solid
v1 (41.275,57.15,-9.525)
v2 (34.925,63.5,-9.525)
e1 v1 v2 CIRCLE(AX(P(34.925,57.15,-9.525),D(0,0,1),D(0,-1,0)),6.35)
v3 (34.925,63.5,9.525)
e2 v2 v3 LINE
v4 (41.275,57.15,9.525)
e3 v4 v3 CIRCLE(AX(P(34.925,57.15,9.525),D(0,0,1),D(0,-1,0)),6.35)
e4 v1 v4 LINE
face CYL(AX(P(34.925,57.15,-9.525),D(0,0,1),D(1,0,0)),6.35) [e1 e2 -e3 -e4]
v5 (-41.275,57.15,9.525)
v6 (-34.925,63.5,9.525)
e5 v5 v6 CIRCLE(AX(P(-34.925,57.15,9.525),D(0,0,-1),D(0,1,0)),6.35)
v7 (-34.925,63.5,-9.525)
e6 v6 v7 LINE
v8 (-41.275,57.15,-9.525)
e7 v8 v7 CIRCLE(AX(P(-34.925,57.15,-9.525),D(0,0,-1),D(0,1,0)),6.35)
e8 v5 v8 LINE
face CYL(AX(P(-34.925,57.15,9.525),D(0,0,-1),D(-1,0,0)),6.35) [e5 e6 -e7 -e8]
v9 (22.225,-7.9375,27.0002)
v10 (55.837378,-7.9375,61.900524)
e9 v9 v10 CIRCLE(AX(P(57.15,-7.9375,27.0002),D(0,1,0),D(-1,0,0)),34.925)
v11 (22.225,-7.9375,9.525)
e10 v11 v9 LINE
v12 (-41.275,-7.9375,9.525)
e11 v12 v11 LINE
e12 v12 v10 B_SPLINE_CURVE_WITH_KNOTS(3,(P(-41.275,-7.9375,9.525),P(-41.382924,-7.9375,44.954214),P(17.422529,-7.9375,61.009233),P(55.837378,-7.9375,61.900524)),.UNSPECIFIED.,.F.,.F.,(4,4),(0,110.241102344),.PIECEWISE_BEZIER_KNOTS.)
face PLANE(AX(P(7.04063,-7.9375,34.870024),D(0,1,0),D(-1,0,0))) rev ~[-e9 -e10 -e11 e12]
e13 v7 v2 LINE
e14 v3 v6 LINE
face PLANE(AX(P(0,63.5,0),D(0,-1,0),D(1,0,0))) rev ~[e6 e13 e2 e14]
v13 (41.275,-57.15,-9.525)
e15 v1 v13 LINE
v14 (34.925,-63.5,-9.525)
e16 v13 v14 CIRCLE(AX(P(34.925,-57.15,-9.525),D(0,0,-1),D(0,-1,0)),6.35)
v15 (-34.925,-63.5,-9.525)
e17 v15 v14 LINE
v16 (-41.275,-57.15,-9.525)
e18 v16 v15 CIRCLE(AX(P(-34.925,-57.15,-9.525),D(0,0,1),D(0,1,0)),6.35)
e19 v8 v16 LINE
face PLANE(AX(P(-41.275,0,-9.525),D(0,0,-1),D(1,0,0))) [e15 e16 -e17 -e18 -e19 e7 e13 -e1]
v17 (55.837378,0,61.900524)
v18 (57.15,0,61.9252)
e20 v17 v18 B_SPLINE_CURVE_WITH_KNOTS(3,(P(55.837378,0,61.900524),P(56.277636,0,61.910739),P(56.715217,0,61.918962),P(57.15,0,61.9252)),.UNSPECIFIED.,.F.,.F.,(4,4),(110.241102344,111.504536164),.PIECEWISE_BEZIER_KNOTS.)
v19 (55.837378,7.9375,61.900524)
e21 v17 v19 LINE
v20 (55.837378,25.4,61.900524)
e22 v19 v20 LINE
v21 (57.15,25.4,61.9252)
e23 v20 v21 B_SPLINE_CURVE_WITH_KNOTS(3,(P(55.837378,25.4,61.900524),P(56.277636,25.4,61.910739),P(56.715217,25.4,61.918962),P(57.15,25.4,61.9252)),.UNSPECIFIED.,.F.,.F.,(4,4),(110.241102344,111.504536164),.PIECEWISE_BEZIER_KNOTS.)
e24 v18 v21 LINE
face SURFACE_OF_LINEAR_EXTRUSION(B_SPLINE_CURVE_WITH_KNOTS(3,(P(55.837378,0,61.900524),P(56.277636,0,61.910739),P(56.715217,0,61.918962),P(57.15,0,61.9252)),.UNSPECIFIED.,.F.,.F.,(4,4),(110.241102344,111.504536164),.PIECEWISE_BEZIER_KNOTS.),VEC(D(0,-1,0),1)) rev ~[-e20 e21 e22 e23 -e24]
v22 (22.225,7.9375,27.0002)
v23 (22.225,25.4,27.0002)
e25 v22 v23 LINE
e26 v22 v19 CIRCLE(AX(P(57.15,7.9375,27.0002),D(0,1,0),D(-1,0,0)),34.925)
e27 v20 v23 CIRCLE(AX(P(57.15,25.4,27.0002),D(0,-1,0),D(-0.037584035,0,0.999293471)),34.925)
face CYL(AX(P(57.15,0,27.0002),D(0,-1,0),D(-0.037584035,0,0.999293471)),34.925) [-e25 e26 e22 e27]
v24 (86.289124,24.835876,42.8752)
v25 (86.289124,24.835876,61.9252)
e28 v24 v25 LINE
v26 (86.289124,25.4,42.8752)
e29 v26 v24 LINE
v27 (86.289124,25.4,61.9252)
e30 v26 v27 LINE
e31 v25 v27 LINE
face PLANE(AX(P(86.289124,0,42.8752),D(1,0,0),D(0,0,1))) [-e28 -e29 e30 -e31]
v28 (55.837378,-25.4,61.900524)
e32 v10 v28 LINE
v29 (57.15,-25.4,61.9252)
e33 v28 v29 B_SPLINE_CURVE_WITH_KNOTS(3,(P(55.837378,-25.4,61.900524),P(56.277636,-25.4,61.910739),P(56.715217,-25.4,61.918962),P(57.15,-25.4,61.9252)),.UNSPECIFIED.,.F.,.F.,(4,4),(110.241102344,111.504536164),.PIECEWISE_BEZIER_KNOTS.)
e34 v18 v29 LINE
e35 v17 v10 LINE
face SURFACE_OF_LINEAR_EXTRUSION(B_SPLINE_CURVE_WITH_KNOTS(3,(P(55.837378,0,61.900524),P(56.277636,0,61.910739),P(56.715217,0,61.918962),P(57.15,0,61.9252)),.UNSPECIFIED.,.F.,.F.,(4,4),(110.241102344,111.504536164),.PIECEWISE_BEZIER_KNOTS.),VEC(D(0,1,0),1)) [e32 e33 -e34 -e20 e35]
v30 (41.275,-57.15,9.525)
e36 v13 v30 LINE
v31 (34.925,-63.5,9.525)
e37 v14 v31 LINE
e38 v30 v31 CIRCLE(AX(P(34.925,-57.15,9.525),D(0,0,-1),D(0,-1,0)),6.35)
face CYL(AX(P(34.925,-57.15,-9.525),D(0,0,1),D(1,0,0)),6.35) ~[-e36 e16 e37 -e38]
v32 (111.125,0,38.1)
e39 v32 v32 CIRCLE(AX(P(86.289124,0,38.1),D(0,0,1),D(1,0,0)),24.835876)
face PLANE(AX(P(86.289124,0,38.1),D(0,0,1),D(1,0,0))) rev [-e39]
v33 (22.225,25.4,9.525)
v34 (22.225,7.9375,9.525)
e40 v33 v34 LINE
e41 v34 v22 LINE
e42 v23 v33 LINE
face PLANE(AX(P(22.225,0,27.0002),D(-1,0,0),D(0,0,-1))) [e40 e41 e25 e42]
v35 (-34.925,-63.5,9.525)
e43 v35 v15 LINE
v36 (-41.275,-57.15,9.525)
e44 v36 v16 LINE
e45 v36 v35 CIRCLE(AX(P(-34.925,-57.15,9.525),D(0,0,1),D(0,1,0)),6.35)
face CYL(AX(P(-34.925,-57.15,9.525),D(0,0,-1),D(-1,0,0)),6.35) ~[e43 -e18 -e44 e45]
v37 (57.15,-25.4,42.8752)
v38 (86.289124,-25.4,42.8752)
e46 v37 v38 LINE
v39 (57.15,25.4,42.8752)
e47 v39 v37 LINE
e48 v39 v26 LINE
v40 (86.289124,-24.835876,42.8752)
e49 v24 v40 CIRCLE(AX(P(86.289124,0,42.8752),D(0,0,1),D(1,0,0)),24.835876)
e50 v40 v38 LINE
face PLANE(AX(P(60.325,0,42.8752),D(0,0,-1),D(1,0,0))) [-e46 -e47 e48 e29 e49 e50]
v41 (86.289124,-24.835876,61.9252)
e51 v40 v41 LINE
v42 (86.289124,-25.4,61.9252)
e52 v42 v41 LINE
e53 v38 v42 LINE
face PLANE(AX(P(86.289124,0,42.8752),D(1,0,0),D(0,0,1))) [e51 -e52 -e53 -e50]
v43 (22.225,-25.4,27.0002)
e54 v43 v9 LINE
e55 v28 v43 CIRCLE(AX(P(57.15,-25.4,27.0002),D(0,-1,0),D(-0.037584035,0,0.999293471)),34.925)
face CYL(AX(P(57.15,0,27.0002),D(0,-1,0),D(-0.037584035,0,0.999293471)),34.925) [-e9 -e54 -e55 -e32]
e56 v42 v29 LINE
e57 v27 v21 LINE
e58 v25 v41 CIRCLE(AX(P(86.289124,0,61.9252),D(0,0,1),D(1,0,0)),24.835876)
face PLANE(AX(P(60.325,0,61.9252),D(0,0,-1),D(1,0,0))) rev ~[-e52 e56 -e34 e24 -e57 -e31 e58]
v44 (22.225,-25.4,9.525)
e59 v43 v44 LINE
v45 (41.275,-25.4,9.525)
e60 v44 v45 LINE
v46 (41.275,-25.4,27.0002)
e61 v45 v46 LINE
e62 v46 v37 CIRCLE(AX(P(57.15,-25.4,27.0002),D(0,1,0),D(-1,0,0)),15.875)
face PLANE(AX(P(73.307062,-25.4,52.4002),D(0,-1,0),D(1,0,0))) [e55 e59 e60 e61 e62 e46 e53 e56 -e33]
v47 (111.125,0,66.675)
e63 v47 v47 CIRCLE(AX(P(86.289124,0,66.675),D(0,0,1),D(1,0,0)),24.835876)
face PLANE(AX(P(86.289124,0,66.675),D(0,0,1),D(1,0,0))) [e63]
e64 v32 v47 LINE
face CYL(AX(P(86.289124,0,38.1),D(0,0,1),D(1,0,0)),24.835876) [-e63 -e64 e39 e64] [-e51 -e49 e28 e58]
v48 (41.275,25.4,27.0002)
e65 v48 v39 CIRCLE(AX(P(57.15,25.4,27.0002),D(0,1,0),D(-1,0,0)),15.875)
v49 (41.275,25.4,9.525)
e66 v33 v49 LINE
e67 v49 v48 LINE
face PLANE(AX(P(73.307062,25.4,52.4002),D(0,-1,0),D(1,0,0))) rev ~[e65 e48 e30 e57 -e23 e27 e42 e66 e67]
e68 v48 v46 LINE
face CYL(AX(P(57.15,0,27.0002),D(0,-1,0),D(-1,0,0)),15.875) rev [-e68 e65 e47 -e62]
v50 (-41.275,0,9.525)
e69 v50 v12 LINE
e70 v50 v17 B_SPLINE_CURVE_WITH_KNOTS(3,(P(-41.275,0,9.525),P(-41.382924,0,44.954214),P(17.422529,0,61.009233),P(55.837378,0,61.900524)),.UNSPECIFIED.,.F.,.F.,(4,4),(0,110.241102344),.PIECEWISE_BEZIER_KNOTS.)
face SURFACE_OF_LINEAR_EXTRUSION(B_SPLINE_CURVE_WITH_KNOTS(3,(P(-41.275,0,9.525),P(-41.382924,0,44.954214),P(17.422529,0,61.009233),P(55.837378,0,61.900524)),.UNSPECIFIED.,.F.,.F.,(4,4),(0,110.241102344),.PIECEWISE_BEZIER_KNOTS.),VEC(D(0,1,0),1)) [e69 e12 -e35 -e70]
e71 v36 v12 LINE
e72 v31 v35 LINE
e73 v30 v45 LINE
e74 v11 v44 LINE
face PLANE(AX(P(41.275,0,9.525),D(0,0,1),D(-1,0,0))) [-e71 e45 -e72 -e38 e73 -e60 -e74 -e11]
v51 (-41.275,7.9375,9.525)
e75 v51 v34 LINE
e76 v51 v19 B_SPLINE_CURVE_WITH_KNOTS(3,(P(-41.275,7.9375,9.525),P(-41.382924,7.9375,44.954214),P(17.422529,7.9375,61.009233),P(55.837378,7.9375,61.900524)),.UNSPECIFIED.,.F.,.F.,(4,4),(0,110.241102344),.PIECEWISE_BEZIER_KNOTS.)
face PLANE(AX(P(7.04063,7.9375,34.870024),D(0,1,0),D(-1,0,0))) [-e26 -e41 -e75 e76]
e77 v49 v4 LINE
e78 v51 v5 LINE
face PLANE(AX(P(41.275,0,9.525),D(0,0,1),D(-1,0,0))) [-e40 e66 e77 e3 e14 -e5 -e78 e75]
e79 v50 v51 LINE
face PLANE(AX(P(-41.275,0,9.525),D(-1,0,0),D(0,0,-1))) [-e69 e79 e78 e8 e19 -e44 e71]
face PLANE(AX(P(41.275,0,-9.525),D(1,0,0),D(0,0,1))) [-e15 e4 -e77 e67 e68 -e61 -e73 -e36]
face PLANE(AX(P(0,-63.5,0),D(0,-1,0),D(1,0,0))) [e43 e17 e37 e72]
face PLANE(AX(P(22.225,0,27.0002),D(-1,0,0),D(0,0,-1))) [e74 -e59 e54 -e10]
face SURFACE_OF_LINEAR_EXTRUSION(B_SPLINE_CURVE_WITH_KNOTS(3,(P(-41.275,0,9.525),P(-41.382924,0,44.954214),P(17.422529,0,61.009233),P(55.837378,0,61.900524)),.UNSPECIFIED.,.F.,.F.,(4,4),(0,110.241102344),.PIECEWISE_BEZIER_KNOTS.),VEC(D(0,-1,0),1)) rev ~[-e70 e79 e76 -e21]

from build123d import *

# Parameters (mm, degrees)
F1_DEPTH = 63.5
F2_DEPTH = 25.4
F3_DEPTH = 7.9375
F0_W     = 25.9641238877
F0_H     = 19.05
F4_DEPTH = 25.4
F6_R     = 6.35


with BuildPart() as f1:
    # F0 (on Front) → F1 (new body, symmetric)
    with BuildSketch(Plane.XZ):
        Polygon((22.225, 9.525), (-41.275, 9.525), (-41.275, -9.525), (41.275, -9.525), (41.275, 9.525), align=None)
    extrude(amount=F1_DEPTH, both=True)

    # F0 (on Front) → F2 (join, symmetric)
    with BuildSketch(Plane.XZ):
        with BuildLine():
            Line((22.225, 27.0002), (22.225, 9.525))
            Line((22.225, 9.525), (41.275, 9.525))
            Line((41.275, 9.525), (41.275, 27.0002))
            ThreePointArc((41.275, 27.0002), (45.9246798487, 38.2255201513), (57.15, 42.8752))
            Line((57.15, 42.8752), (60.325, 42.8752))
            Line((60.325, 42.8752), (60.325, 61.9252))
            Line((60.325, 61.9252), (57.15, 61.9252))
            add(Edge.make_bspline(
                [(55.8373775892, 61.9005244599), (56.2776364161, 61.9107392271), (56.7152170121, 61.9189622944), (57.15, 61.9252)],
                knots=[110.241102344, 110.241102344, 110.241102344, 110.241102344, 111.5045361635, 111.5045361635, 111.5045361635, 111.5045361635], degree=3))
            ThreePointArc((55.8373775892, 61.9005244599), (31.9944940152, 51.2273777896), (22.225, 27.0002))
        make_face()
    extrude(amount=F2_DEPTH, both=True)

    # F0 (on Front) → F3 (join, symmetric)
    with BuildSketch(Plane.XZ):
        with BuildLine():
            add(Edge.make_bspline(
                [(-41.275, 9.525), (-41.3829236444, 44.9542144396), (17.4225293824, 61.0092334589), (55.8373775892, 61.9005244599)],
                knots=[0, 0, 0, 0, 110.241102344, 110.241102344, 110.241102344, 110.241102344], degree=3))
            Line((-41.275, 9.525), (22.225, 9.525))
            Line((22.225, 9.525), (22.225, 27.0002))
            ThreePointArc((22.225, 27.0002), (31.9944940152, 51.2273777896), (55.8373775892, 61.9005244599))
        make_face()
    extrude(amount=F3_DEPTH, both=True)

    # F0 (on Front) → F4 (join, symmetric)
    with BuildSketch(Plane.XZ):
        with Locations((73.3070619439, 52.4002)):
            Rectangle(F0_W, F0_H)
    extrude(amount=F4_DEPTH, both=True)

    # F0 (on Front) → F5 (revolve)
    with BuildSketch(Plane.XZ):
        Polygon((86.2891238877, 66.675), (86.2891238877, 61.9252), (86.2891238877, 42.8752), (86.2891238877, 38.1), (111.125, 38.1), (111.125, 66.675), align=None)
    revolve(axis=Axis((86.2891238877, 0, 50.0126), (0, 0, 1)))

    # F6
    f6_edges = [f1.edges().sort_by_distance(p)[0] for p in [
        (41.275, 63.5, 0),
        (-41.275, 63.5, 0),
        (-41.275, -63.5, 0),
        (41.275, -63.5, 0),
    ]]
    fillet(f6_edges, radius=F6_R)


solid = f1.part
